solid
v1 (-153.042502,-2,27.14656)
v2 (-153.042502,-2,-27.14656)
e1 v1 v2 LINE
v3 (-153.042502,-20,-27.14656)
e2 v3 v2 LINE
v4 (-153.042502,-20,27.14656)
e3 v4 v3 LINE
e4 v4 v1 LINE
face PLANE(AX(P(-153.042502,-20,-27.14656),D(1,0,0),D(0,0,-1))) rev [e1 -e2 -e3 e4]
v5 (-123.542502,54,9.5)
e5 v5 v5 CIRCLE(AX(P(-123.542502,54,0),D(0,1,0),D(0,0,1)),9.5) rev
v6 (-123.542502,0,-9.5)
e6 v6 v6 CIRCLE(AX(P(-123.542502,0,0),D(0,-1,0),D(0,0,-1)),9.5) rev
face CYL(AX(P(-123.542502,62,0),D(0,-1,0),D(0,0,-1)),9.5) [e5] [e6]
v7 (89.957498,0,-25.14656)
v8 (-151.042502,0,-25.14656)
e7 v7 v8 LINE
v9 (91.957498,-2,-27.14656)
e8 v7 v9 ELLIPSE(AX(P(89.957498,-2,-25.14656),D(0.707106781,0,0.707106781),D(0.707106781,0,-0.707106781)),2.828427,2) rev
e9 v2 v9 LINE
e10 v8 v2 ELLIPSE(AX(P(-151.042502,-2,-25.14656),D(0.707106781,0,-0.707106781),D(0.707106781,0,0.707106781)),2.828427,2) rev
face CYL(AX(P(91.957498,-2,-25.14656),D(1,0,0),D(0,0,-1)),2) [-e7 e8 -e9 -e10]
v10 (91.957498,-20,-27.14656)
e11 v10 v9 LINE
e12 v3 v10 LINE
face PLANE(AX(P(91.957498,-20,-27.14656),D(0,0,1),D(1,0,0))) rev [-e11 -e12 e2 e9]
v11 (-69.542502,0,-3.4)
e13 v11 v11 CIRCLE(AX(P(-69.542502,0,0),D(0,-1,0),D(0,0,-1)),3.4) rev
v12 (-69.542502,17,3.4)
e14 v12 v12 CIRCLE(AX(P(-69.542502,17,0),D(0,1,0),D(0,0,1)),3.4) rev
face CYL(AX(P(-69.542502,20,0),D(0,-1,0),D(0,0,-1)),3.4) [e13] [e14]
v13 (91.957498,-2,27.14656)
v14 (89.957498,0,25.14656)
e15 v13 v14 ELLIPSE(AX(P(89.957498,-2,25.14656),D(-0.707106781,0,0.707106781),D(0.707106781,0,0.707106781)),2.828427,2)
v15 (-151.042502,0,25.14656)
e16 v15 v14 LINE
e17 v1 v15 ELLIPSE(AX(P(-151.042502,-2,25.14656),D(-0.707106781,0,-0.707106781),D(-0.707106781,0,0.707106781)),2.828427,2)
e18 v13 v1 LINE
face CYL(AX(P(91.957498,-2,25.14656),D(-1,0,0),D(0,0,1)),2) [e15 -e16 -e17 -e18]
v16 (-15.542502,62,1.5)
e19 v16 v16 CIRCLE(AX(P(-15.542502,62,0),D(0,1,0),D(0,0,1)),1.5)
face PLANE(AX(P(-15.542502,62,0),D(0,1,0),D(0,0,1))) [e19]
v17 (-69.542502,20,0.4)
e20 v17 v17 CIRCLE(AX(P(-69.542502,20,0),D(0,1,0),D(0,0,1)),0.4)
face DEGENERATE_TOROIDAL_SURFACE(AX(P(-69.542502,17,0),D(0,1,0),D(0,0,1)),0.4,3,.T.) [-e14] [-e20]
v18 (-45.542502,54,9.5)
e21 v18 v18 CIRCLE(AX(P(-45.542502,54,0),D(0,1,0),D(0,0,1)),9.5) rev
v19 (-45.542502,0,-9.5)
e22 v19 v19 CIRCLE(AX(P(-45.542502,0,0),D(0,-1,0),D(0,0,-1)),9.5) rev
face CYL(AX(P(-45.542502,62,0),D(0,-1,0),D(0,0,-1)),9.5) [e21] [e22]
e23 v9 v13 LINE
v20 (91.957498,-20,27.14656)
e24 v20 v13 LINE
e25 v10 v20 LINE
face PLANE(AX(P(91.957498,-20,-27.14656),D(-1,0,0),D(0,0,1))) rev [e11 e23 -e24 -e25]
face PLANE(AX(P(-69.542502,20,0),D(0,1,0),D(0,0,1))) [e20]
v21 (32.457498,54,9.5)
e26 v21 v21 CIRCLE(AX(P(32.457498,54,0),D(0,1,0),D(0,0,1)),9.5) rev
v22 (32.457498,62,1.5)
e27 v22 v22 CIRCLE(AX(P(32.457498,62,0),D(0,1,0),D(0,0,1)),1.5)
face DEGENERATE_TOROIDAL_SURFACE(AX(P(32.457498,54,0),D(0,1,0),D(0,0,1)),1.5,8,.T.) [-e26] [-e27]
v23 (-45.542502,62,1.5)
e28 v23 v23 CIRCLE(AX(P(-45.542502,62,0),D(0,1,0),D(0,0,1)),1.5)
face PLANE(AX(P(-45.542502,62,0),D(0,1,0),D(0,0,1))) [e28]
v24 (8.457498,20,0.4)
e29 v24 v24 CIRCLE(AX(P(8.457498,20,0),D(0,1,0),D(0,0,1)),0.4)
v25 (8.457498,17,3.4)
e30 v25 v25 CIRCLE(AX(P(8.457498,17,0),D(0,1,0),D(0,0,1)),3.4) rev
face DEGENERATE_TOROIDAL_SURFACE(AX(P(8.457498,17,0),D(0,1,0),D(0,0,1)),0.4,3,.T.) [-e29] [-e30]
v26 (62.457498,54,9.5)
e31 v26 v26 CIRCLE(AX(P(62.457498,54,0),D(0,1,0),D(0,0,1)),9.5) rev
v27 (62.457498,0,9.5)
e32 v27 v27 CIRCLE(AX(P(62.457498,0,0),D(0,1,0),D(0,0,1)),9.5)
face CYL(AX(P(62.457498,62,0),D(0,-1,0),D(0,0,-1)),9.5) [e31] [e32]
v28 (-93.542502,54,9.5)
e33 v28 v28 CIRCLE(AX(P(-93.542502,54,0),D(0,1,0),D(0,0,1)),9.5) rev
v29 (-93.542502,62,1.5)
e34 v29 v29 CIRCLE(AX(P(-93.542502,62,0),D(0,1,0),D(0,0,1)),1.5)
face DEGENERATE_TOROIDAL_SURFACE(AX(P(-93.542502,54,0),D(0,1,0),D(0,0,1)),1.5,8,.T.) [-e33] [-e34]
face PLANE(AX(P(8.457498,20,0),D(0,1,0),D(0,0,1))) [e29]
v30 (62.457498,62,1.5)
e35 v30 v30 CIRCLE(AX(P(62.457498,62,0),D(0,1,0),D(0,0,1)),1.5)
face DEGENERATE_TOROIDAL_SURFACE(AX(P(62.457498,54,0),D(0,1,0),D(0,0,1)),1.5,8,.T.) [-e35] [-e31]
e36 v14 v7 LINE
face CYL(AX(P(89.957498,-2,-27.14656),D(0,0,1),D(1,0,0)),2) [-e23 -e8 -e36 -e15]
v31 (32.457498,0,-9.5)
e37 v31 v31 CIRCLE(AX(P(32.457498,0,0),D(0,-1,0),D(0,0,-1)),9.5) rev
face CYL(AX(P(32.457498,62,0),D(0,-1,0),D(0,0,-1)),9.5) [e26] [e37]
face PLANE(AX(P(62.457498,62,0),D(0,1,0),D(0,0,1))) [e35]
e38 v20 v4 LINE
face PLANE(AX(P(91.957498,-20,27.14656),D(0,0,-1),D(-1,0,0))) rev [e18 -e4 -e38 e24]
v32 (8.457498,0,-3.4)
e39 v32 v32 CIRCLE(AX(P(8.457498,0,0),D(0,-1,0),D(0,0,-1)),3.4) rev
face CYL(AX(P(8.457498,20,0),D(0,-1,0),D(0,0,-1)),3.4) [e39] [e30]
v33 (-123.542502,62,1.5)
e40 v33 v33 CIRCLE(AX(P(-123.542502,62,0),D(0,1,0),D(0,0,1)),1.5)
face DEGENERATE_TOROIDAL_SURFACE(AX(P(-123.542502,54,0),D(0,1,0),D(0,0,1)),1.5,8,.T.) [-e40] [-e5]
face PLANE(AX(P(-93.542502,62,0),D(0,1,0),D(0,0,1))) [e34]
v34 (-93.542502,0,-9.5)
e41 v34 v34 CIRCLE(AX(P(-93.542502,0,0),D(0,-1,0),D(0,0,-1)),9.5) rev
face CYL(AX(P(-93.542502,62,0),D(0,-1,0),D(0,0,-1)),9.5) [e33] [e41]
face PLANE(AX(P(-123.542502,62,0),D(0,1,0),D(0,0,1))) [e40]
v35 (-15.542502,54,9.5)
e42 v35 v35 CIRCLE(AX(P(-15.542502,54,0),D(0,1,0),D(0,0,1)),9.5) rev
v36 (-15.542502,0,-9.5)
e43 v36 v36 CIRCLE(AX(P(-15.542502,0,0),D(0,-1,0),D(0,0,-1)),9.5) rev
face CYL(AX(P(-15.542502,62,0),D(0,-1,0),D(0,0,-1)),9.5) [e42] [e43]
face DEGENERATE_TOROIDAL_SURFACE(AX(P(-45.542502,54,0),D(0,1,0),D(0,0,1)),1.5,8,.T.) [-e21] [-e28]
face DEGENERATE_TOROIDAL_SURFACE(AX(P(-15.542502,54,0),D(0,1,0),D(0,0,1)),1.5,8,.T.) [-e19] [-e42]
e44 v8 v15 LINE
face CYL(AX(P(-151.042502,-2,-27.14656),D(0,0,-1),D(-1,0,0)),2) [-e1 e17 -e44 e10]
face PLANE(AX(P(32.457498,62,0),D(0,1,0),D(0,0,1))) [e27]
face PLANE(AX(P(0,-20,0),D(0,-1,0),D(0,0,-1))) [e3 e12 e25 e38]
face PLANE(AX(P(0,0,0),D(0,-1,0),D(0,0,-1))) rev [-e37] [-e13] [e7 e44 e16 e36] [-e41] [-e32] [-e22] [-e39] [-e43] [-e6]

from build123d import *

# Parameters (mm, degrees)
ESQUISSE2_R          = 9.5
BOSS_EXTRU_1_DEPTH   = 62
BOSS_EXTRU_1_2_DEPTH = 62
BOSS_EXTRU_1_3_DEPTH = 62
BOSS_EXTRU_1_4_DEPTH = 62
BOSS_EXTRU_1_5_DEPTH = 62
BOSS_EXTRU_1_6_DEPTH = 62
ESQUISSE2_4_R        = 9.5
ESQUISSE2_4_R_2      = 3.4
BOSS_EXTRU_2_DEPTH   = 20
CONG_3_R             = 8
CONG_4_R             = 8
CONG_5_R             = 8
CONG_6_R             = 8
CONG_7_R             = 8
CONG_8_R             = 8
CONG_10_R            = 3
CONG_11_R            = 3
ESQUISSE4_W          = 245
ESQUISSE4_H          = 54.293120758
BOSS_EXTRU_3_DEPTH   = 20
CONG_12_R            = 2


with BuildPart() as part:
    # Esquisse2 → Boss.-Extru.1 (new body)
    with BuildSketch(Plane(origin=(0, 0, 0), x_dir=(1, 0, 0), z_dir=(0, 1, 0))):
        with Locations((32.457497884, 0)):
            Circle(ESQUISSE2_R)
    extrude(amount=BOSS_EXTRU_1_DEPTH)



with BuildPart() as body_2:
    # Esquisse2 → Boss.-Extru.1 2 (new body)
    with BuildSketch(Plane(origin=(0, 0, 0), x_dir=(1, 0, 0), z_dir=(0, 1, 0))):
        with Locations((62.457497884, 0)):
            Circle(ESQUISSE2_R)
    extrude(amount=BOSS_EXTRU_1_2_DEPTH)


with BuildPart() as body_3:
    # Esquisse2 → Boss.-Extru.1 3 (new body)
    with BuildSketch(Plane(origin=(0, 0, 0), x_dir=(1, 0, 0), z_dir=(0, 1, 0))):
        with Locations((-123.542502116, 0)):
            Circle(ESQUISSE2_R)
    extrude(amount=BOSS_EXTRU_1_3_DEPTH)


with BuildPart() as body_4:
    # Esquisse2 → Boss.-Extru.1 4 (new body)
    with BuildSketch(Plane(origin=(0, 0, 0), x_dir=(1, 0, 0), z_dir=(0, 1, 0))):
        with Locations((-93.542502116, 0)):
            Circle(ESQUISSE2_R)
    extrude(amount=BOSS_EXTRU_1_4_DEPTH)


with BuildPart() as body_5:
    # Esquisse2 → Boss.-Extru.1 5 (new body)
    with BuildSketch(Plane(origin=(0, 0, 0), x_dir=(1, 0, 0), z_dir=(0, 1, 0))):
        with Locations((-45.542502116, 0)):
            Circle(ESQUISSE2_R)
    extrude(amount=BOSS_EXTRU_1_5_DEPTH)


with BuildPart() as body_6:
    # Esquisse2 → Boss.-Extru.1 6 (new body)
    with BuildSketch(Plane(origin=(0, 0, 0), x_dir=(1, 0, 0), z_dir=(0, 1, 0))):
        with Locations((-15.542502116, 0)):
            Circle(ESQUISSE2_R)
    extrude(amount=BOSS_EXTRU_1_6_DEPTH)


with BuildPart() as part_1:
    add(part.part)

    add(body_2.part)  # Boss.-Extru.2 merges body 2

    add(body_3.part)  # Boss.-Extru.2 merges body 3

    add(body_4.part)  # Boss.-Extru.2 merges body 4

    add(body_5.part)  # Boss.-Extru.2 merges body 5

    add(body_6.part)  # Boss.-Extru.2 merges body 6
    # Esquisse2<4> → Boss.-Extru.2 (add)
    with BuildSketch(Plane(origin=(0, 0, 0), x_dir=(1, 0, 0), z_dir=(0, 1, 0))):
        with Locations((32.457497884, 0)):
            Circle(ESQUISSE2_4_R)
        with Locations((62.457497884, 0)):
            Circle(ESQUISSE2_4_R)
        with Locations((-123.542502116, 0)):
            Circle(ESQUISSE2_4_R)
        with Locations((-93.542502116, 0)):
            Circle(ESQUISSE2_4_R)
        with Locations((-45.542502116, 0)):
            Circle(ESQUISSE2_4_R)
        with Locations((-15.542502116, 0)):
            Circle(ESQUISSE2_4_R)
        with Locations((-69.542502116, 0)):
            Circle(ESQUISSE2_4_R_2)
        with Locations((8.457497884, 0)):
            Circle(ESQUISSE2_4_R_2)
    extrude(amount=BOSS_EXTRU_2_DEPTH)

    # Congé3
    cong_3_edges = [part_1.edges().sort_by_distance(p)[0] for p in [
        (-133.042502116, 62, 0),
    ]]
    fillet(cong_3_edges, radius=CONG_3_R)

    # Congé4
    cong_4_edges = [part_1.edges().sort_by_distance(p)[0] for p in [
        (-103.042502116, 62, 0),
    ]]
    fillet(cong_4_edges, radius=CONG_4_R)

    # Congé5
    cong_5_edges = [part_1.edges().sort_by_distance(p)[0] for p in [
        (-55.042502116, 62, 0),
    ]]
    fillet(cong_5_edges, radius=CONG_5_R)

    # Congé6
    cong_6_edges = [part_1.edges().sort_by_distance(p)[0] for p in [
        (-25.042502116, 62, 0),
    ]]
    fillet(cong_6_edges, radius=CONG_6_R)

    # Congé7
    cong_7_edges = [part_1.edges().sort_by_distance(p)[0] for p in [
        (22.957497884, 62, 0),
    ]]
    fillet(cong_7_edges, radius=CONG_7_R)

    # Congé8
    cong_8_edges = [part_1.edges().sort_by_distance(p)[0] for p in [
        (52.957497884, 62, 0),
    ]]
    fillet(cong_8_edges, radius=CONG_8_R)

    # Congé10
    cong_10_edges = [part_1.edges().sort_by_distance(p)[0] for p in [
        (-72.942502116, 20, 0),
    ]]
    fillet(cong_10_edges, radius=CONG_10_R)

    # Congé11
    cong_11_edges = [part_1.edges().sort_by_distance(p)[0] for p in [
        (5.057497884, 20, 0),
    ]]
    fillet(cong_11_edges, radius=CONG_11_R)

    # Esquisse4 → Boss.-Extru.3 (add)
    with BuildSketch(Plane(origin=(0, 0, 0), x_dir=(-1, 0, 0), z_dir=(0, -1, 0))):
        with Locations((30.542502116, 0)):
            Rectangle(ESQUISSE4_W, ESQUISSE4_H)
    extrude(amount=BOSS_EXTRU_3_DEPTH)

    # Congé12
    cong_12_edges = [part_1.edges().sort_by_distance(p)[0] for p in [
        (-153.042502116, 0, 0),
        (-30.542502116, 0, 27.146560379),
        (91.957497884, 0, 0),
        (-30.542502116, 0, -27.146560379),
    ]]
    fillet(cong_12_edges, radius=CONG_12_R)


solid = part_1.part
